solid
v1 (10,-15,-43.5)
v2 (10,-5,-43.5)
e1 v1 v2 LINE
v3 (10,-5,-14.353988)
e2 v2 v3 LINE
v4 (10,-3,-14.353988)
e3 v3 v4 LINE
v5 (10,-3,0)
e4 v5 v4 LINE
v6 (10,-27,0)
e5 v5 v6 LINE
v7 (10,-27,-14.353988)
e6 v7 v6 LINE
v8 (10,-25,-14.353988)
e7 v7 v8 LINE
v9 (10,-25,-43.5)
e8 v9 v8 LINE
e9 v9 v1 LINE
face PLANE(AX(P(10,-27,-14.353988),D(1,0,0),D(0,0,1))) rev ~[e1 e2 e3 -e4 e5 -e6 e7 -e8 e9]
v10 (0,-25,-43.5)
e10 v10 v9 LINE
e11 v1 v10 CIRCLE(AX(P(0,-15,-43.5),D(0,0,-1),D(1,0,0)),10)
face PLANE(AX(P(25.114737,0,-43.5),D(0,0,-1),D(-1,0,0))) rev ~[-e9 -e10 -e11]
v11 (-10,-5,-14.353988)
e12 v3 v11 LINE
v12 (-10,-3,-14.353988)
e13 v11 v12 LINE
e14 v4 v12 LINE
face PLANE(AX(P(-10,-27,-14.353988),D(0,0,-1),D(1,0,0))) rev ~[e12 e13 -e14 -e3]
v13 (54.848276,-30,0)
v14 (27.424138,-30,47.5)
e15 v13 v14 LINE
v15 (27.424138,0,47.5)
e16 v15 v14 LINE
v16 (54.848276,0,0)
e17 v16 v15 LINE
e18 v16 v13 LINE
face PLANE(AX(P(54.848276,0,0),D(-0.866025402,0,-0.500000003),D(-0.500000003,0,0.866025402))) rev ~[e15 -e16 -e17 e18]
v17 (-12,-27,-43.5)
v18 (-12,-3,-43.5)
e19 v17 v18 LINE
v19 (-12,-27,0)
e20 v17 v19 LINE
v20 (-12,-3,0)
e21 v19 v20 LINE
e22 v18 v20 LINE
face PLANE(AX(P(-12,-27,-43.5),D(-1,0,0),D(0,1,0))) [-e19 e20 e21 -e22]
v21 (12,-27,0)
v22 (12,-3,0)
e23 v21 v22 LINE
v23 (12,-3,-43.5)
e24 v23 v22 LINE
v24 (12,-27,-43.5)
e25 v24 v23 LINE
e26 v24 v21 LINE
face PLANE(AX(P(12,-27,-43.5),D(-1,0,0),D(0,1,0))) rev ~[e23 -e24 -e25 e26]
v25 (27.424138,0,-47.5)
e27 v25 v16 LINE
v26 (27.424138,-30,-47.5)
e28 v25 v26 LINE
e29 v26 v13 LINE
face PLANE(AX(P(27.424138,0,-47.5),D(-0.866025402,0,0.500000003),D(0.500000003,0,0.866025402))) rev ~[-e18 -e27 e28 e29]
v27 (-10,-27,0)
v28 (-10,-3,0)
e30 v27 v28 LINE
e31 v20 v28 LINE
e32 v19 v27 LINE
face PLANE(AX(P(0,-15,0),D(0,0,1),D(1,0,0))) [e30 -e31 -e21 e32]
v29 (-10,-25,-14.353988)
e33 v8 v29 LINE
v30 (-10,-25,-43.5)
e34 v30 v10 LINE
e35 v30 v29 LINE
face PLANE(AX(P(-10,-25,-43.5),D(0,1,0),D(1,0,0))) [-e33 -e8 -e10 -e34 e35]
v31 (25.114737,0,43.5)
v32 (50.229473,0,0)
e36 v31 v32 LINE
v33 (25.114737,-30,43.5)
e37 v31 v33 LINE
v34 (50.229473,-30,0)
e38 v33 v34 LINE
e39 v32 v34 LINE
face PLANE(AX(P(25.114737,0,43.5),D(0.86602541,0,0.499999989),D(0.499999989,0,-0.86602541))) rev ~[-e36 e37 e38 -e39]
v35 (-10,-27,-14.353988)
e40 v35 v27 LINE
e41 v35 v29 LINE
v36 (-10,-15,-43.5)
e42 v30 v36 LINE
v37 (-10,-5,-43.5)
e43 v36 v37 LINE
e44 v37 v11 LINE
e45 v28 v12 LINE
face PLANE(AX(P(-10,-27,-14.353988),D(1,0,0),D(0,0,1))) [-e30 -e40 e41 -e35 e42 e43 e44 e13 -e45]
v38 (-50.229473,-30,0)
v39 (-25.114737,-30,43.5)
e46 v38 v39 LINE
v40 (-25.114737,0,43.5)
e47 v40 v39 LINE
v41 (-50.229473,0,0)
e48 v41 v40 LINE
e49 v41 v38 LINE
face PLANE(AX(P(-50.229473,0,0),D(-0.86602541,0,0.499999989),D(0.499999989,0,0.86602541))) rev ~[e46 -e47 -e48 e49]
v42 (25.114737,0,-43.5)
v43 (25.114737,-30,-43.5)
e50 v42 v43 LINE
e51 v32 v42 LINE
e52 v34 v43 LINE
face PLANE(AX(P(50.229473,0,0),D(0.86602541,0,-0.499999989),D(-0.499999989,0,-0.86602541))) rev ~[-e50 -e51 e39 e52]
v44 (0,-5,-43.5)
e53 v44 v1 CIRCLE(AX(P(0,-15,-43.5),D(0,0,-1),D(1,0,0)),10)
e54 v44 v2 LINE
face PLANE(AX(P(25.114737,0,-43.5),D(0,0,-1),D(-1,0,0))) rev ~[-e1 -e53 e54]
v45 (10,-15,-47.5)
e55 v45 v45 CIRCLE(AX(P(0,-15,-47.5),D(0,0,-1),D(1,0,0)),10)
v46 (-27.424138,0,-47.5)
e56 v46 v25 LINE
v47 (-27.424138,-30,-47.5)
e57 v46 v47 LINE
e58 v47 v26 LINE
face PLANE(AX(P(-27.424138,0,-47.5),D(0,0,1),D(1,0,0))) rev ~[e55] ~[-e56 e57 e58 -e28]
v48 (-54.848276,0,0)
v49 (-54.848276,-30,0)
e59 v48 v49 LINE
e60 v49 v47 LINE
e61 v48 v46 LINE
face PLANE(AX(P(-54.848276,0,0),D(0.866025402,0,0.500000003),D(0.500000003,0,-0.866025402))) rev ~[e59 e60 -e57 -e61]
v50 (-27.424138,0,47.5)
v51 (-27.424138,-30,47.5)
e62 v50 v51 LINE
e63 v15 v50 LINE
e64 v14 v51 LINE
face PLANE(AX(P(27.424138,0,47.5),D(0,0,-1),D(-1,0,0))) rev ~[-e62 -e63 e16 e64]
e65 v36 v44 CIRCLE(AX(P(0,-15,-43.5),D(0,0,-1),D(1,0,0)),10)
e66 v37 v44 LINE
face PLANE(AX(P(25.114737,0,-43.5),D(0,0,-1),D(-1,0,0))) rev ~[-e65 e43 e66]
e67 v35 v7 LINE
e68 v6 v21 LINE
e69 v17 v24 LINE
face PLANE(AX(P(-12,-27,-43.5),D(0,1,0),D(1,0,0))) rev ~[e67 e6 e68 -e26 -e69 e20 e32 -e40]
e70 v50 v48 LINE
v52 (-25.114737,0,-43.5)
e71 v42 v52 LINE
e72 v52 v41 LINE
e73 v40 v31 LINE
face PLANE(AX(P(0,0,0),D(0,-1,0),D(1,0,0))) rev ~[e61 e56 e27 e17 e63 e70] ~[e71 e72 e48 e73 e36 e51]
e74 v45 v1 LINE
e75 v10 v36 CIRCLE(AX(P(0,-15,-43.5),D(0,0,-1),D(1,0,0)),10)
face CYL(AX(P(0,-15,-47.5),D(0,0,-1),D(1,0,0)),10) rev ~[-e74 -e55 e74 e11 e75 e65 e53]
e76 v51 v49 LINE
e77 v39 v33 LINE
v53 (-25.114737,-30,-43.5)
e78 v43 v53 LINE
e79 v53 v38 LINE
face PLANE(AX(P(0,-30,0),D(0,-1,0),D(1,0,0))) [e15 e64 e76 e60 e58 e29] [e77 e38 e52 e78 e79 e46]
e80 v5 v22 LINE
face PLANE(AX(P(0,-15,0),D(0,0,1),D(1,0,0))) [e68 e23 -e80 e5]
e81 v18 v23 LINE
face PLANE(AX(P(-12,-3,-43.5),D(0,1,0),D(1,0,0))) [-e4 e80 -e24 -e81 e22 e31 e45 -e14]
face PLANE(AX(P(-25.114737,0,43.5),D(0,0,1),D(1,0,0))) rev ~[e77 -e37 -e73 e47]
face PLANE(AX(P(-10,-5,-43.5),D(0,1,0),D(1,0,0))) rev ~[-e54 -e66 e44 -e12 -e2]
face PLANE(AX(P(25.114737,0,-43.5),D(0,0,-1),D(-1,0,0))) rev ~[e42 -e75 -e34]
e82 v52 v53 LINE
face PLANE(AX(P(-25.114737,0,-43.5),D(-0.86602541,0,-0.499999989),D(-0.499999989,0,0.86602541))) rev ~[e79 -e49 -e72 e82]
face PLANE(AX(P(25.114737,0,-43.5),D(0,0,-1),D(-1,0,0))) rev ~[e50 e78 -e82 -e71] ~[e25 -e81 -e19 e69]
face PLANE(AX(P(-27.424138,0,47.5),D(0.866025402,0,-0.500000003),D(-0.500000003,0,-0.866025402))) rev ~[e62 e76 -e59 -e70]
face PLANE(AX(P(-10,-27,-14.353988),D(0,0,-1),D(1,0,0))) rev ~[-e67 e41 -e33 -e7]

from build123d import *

# Parameters (mm, degrees)
F1_DEPTH = 30
F2_R     = 10
F3_DEPTH = 4
F4_W     = 24
F4_H     = 24
F4_W_2   = 20
F4_H_2   = 20
F5_DEPTH = 43.5
F6_W     = 20
F6_H     = 14.353989
F7_DEPTH = 28.1


with BuildPart() as f1:
    # F0 (on Front) → F1 (new body)
    with BuildSketch(Plane.XZ):
        Polygon((-27.424138, -47.5), (27.424138, -47.5), (54.848276, 0), (27.424138, 47.5), (-27.424138, 47.5), (-54.848276, 0), align=None)
        Polygon((50.229473, 0), (25.114737, -43.5), (-25.114737, -43.5), (-50.229473, 0), (-25.114737, 43.5), (25.114737, 43.5), align=None, mode=Mode.SUBTRACT)
    extrude(amount=F1_DEPTH)

    # F2 (on face) → F3 (cut, through all)
    with BuildSketch(Plane(origin=(0, 0, -47.5), x_dir=(1, 0, 0), z_dir=(0, 0, -1))):
        with Locations((0, 15)):
            Circle(F2_R)
    extrude(amount=-F3_DEPTH, mode=Mode.SUBTRACT)

    # F4 (on face) → F5 (join)
    with BuildSketch(Plane.XY.offset(-43.5)):
        with Locations((0, -15)):
            Rectangle(F4_W, F4_H)
        with Locations((0, -15)):
            Rectangle(F4_W_2, F4_H_2, mode=Mode.SUBTRACT)
    extrude(amount=F5_DEPTH)

    # F6 (on face) → F7 (cut)
    with BuildSketch(Plane.XZ.offset(27)):
        with Locations((0, -7.176994)):
            Rectangle(F6_W, F6_H)
    extrude(amount=-F7_DEPTH, mode=Mode.SUBTRACT)


solid = f1.part
